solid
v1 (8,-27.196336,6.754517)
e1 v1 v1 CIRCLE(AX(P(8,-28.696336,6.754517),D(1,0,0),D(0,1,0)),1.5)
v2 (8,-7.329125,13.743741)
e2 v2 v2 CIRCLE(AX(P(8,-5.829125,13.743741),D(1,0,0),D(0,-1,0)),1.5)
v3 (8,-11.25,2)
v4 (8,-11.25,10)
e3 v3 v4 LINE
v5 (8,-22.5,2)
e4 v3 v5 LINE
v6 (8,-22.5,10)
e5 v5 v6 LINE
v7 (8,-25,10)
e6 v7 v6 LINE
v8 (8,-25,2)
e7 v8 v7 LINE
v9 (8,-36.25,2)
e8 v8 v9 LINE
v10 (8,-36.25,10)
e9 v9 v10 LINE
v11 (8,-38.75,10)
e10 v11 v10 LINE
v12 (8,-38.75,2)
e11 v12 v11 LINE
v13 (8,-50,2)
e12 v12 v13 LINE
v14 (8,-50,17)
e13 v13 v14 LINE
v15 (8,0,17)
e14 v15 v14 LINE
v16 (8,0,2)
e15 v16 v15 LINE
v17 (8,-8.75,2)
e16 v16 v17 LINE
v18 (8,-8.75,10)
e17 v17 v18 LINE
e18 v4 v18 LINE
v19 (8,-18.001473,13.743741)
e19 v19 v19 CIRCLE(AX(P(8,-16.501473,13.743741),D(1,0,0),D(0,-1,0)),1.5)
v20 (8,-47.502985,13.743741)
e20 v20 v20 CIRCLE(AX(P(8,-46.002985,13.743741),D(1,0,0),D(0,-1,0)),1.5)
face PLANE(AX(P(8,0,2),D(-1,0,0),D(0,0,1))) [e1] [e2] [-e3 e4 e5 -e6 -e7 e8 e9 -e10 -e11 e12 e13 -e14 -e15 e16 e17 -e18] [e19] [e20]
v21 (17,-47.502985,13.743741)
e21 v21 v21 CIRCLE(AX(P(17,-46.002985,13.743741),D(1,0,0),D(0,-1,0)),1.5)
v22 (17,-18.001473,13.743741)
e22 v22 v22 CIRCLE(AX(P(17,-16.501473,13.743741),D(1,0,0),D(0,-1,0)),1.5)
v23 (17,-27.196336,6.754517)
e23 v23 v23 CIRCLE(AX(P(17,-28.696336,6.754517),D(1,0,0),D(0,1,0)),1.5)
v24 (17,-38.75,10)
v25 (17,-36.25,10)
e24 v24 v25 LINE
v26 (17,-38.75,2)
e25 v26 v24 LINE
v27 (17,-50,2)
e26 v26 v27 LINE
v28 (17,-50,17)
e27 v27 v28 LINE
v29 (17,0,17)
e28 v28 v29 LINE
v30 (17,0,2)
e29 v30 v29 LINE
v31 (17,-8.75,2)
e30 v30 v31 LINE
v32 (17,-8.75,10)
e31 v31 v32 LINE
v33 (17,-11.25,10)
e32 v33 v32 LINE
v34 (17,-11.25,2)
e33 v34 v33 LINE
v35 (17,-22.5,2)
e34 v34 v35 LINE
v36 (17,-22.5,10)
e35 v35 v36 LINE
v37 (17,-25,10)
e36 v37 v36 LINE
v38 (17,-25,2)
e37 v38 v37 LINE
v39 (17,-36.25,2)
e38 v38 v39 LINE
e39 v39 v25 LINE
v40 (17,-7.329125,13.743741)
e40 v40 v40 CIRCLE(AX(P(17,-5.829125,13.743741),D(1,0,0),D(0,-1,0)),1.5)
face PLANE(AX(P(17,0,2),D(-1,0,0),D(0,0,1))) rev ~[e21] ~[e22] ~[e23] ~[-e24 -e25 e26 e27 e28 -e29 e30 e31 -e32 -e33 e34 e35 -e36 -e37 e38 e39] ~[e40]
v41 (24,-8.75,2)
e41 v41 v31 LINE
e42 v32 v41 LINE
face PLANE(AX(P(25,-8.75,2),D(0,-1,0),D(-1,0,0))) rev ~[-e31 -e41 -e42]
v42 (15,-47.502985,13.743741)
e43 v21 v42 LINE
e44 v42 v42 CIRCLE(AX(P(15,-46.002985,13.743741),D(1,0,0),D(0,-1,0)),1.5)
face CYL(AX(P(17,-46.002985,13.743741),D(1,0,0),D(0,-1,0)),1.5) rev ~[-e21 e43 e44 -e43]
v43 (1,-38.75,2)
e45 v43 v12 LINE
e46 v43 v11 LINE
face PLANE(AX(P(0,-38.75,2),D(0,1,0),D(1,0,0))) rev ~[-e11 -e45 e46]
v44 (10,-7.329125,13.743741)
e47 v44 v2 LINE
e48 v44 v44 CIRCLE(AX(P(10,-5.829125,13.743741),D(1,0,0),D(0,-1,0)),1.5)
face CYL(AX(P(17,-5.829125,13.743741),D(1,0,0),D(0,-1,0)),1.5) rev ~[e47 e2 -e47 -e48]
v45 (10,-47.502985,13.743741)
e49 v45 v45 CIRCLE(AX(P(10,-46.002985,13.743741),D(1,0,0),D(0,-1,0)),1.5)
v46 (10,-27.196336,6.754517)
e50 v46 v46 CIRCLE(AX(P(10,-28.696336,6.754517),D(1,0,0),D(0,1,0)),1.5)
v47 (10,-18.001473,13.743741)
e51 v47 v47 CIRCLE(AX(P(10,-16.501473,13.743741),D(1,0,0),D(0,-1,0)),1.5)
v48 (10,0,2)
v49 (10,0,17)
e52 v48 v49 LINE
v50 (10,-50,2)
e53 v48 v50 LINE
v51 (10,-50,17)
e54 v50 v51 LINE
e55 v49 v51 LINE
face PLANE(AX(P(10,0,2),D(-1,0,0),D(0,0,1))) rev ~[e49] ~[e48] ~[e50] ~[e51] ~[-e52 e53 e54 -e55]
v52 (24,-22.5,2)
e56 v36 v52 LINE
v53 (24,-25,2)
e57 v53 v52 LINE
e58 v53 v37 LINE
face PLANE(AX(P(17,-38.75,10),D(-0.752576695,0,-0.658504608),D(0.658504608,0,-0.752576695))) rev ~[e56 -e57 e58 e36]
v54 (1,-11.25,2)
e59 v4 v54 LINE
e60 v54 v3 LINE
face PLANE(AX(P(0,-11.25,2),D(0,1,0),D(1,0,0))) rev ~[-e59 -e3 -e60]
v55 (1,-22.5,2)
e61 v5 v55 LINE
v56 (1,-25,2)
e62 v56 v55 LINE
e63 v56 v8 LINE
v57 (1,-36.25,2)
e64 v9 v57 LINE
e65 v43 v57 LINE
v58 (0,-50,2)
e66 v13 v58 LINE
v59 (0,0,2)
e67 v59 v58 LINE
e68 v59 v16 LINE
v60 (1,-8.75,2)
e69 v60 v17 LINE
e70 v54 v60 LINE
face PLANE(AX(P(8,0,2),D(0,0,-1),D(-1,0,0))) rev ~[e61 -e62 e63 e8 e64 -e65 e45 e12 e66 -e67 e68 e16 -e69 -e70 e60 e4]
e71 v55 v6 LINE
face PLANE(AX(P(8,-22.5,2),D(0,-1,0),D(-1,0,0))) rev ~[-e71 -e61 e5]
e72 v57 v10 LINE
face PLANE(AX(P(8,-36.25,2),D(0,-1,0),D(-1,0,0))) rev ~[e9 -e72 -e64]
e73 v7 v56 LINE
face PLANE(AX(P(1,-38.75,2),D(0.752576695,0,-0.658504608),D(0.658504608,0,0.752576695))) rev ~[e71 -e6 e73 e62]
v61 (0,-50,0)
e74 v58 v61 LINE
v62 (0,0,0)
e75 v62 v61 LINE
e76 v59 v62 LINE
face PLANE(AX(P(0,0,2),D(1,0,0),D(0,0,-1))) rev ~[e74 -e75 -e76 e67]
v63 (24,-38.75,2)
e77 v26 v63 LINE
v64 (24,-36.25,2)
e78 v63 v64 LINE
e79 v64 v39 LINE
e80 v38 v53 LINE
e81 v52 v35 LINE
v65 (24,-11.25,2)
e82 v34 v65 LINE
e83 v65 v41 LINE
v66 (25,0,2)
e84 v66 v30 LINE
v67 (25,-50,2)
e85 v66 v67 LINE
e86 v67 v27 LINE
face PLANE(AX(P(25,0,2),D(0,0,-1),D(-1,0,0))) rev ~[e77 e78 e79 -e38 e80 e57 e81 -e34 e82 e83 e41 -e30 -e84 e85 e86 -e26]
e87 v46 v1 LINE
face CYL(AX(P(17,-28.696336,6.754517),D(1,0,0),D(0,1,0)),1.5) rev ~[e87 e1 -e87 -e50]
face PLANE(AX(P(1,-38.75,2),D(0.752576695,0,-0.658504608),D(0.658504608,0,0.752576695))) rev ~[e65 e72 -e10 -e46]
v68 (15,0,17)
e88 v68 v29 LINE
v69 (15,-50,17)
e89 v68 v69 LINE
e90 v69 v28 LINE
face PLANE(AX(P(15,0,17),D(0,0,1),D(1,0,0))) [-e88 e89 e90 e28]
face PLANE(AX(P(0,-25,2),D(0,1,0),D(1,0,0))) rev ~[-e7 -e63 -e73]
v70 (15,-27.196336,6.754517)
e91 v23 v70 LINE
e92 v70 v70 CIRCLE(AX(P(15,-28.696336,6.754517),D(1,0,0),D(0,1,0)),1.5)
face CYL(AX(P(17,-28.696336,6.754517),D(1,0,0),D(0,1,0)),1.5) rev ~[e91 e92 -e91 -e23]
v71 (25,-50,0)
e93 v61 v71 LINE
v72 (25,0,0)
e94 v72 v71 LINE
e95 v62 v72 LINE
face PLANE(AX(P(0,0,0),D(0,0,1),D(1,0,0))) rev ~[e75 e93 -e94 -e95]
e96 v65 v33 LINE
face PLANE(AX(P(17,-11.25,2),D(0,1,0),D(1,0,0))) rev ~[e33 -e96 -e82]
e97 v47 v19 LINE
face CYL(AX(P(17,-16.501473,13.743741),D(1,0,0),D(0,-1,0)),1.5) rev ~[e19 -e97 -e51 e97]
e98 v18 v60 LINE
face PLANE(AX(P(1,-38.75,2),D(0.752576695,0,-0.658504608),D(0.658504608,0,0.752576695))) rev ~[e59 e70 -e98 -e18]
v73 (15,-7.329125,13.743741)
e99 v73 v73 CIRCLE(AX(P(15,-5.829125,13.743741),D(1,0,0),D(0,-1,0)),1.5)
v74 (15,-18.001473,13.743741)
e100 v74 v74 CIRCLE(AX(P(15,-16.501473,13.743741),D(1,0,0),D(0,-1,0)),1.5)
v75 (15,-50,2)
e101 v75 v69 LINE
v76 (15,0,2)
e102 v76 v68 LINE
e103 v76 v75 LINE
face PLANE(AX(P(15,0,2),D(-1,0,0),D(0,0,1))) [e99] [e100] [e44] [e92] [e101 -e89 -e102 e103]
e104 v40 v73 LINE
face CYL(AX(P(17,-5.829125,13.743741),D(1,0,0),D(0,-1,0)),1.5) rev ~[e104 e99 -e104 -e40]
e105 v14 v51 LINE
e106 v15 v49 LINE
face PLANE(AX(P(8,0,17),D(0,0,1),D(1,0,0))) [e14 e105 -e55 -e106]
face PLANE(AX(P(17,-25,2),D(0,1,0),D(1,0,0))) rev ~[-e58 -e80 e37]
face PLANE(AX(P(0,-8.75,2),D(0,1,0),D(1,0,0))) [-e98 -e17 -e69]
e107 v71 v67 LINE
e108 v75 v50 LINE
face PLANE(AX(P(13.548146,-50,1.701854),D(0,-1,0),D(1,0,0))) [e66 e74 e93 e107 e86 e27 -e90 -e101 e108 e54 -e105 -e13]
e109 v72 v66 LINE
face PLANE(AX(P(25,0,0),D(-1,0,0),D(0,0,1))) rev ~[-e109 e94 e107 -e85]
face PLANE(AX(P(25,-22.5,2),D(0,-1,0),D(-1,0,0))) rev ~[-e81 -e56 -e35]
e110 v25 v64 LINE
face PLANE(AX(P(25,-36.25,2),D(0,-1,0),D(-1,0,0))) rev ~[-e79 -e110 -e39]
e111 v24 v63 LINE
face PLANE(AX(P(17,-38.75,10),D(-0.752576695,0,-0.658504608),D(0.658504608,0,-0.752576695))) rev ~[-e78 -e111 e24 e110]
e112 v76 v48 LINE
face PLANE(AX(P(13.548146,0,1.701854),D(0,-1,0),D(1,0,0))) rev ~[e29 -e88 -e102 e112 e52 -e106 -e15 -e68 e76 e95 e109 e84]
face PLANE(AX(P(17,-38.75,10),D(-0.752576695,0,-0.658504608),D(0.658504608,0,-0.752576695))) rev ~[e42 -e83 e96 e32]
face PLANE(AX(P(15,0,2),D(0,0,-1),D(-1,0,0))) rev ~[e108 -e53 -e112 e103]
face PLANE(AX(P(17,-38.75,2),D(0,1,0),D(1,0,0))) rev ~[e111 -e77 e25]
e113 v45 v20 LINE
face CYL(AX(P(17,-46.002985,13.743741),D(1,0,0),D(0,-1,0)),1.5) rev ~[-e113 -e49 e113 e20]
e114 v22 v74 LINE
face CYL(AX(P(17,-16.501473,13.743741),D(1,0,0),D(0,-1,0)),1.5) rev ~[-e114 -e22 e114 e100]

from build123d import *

# Parameters (mm, degrees)
F0_W     = 2
F0_H     = 15
F1_DEPTH = 50
F2_W     = 8
F2_H     = 2.5
F3_DEPTH = 15
F5_DEPTH = 100
F7_DEPTH = 34.4
F8_R     = 1.5
F9_DEPTH = 9


with BuildPart() as f1:
    # F0 (on Front) → F1 (new body)
    with BuildSketch(Plane.XZ):
        Polygon((12.5, 2), (12.5, 1), (15, 2), align=None)
        Polygon((0, 2), (0, 0), (10, 0), (12.5, 1), (10, 2), (8, 2), align=None)
        with Locations((9, 9.5)):
            Rectangle(F0_W, F0_H)
        Polygon((10, 2), (12.5, 1), (12.5, 2), align=None)
        Polygon((12.5, 1), (15, 0), (15, 2), align=None)
        with Locations((16, 9.5)):
            Rectangle(F0_W, F0_H)
        Polygon((15, 2), (15, 0), (25, 0), (25, 2), (17, 2), align=None)
        Polygon((12.5, 1), (10, 0), (15, 0), align=None)
    extrude(amount=F1_DEPTH)

    # F2 (on face) → F3 (join, through all)
    with BuildSketch(Plane.XY.offset(2)):
        Polygon((21, -11.25), (25, -11.25), (25, -8.75), (17, -8.75), (17, -11.25), align=None)
        Polygon((17, -25), (25, -25), (25, -23.75), (25, -22.5), (17, -22.5), align=None)
        Polygon((25, -36.25), (21, -36.25), (17, -36.25), (17, -38.75), (25, -38.75), align=None)
        Polygon((0, -25), (8, -25), (8, -22.5), (0, -22.5), (0, -23.75), align=None)
        Polygon((0, -36.25), (0, -38.75), (8, -38.75), (8, -36.25), (4, -36.25), align=None)
        with Locations((4, -10)):
            Rectangle(F2_W, F2_H)
    extrude(amount=F3_DEPTH)

    # F4 (on face) → F5 (cut)
    with BuildSketch(Plane.XZ.offset(38.75)):
        Polygon((0, 17), (0, 2), (1, 2), (8, 10), (8, 17), align=None)
    extrude(amount=-F5_DEPTH, mode=Mode.SUBTRACT)

    # F6 (on face) → F7 (cut)
    with BuildSketch(Plane.XZ.offset(38.75)):
        Polygon((17, 10), (24, 2), (25, 2), (25, 17), (17, 17), align=None)
    extrude(amount=-F7_DEPTH, mode=Mode.SUBTRACT)

    # F8 (on face) → F9 (cut, through all)
    with BuildSketch(Plane.YZ.offset(17)):
        with BuildLine():
            Line((-46.0029848111, 13.7437408806), (-44.5029848111, 13.7437408806))
            ThreePointArc((-44.5029848111, 13.7437408806), (-46.0029848111, 15.2437408806), (-47.5029848111, 13.7437408806))
            Line((-47.5029848111, 13.7437408806), (-46.0029848111, 13.7437408806))
        make_face()
        with BuildLine():
            ThreePointArc((-47.5029848111, 13.7437408806), (-46.0029848111, 12.2437408806), (-44.5029848111, 13.7437408806))
            Line((-44.5029848111, 13.7437408806), (-46.0029848111, 13.7437408806))
            Line((-46.0029848111, 13.7437408806), (-47.5029848111, 13.7437408806))
        make_face()
        with BuildLine():
            ThreePointArc((-4.3291251771, 13.7437408806), (-5.8291251771, 15.2437408806), (-7.3291251771, 13.7437408806))
            Line((-7.3291251771, 13.7437408806), (-4.3291251771, 13.7437408806))
        make_face()
        with BuildLine():
            Line((-4.3291251771, 13.7437408806), (-7.3291251771, 13.7437408806))
            ThreePointArc((-7.3291251771, 13.7437408806), (-5.8291251771, 12.2437408806), (-4.3291251771, 13.7437408806))
        make_face()
        with BuildLine():
            ThreePointArc((-15.0014732629, 13.7437408806), (-16.5014732629, 15.2437408806), (-18.0014732629, 13.7437408806))
            Line((-18.0014732629, 13.7437408806), (-16.5014732629, 13.7437408806))
            Line((-16.5014732629, 13.7437408806), (-15.0014732629, 13.7437408806))
        make_face()
        with BuildLine():
            Line((-16.5014732629, 13.7437408806), (-18.0014732629, 13.7437408806))
            ThreePointArc((-18.0014732629, 13.7437408806), (-16.5014732629, 12.2437408806), (-15.0014732629, 13.7437408806))
            Line((-15.0014732629, 13.7437408806), (-16.5014732629, 13.7437408806))
        make_face()
        with Locations((-28.6963357897, 6.7545174172)):
            Circle(F8_R)
    extrude(amount=-F9_DEPTH, mode=Mode.SUBTRACT)


solid = f1.part
